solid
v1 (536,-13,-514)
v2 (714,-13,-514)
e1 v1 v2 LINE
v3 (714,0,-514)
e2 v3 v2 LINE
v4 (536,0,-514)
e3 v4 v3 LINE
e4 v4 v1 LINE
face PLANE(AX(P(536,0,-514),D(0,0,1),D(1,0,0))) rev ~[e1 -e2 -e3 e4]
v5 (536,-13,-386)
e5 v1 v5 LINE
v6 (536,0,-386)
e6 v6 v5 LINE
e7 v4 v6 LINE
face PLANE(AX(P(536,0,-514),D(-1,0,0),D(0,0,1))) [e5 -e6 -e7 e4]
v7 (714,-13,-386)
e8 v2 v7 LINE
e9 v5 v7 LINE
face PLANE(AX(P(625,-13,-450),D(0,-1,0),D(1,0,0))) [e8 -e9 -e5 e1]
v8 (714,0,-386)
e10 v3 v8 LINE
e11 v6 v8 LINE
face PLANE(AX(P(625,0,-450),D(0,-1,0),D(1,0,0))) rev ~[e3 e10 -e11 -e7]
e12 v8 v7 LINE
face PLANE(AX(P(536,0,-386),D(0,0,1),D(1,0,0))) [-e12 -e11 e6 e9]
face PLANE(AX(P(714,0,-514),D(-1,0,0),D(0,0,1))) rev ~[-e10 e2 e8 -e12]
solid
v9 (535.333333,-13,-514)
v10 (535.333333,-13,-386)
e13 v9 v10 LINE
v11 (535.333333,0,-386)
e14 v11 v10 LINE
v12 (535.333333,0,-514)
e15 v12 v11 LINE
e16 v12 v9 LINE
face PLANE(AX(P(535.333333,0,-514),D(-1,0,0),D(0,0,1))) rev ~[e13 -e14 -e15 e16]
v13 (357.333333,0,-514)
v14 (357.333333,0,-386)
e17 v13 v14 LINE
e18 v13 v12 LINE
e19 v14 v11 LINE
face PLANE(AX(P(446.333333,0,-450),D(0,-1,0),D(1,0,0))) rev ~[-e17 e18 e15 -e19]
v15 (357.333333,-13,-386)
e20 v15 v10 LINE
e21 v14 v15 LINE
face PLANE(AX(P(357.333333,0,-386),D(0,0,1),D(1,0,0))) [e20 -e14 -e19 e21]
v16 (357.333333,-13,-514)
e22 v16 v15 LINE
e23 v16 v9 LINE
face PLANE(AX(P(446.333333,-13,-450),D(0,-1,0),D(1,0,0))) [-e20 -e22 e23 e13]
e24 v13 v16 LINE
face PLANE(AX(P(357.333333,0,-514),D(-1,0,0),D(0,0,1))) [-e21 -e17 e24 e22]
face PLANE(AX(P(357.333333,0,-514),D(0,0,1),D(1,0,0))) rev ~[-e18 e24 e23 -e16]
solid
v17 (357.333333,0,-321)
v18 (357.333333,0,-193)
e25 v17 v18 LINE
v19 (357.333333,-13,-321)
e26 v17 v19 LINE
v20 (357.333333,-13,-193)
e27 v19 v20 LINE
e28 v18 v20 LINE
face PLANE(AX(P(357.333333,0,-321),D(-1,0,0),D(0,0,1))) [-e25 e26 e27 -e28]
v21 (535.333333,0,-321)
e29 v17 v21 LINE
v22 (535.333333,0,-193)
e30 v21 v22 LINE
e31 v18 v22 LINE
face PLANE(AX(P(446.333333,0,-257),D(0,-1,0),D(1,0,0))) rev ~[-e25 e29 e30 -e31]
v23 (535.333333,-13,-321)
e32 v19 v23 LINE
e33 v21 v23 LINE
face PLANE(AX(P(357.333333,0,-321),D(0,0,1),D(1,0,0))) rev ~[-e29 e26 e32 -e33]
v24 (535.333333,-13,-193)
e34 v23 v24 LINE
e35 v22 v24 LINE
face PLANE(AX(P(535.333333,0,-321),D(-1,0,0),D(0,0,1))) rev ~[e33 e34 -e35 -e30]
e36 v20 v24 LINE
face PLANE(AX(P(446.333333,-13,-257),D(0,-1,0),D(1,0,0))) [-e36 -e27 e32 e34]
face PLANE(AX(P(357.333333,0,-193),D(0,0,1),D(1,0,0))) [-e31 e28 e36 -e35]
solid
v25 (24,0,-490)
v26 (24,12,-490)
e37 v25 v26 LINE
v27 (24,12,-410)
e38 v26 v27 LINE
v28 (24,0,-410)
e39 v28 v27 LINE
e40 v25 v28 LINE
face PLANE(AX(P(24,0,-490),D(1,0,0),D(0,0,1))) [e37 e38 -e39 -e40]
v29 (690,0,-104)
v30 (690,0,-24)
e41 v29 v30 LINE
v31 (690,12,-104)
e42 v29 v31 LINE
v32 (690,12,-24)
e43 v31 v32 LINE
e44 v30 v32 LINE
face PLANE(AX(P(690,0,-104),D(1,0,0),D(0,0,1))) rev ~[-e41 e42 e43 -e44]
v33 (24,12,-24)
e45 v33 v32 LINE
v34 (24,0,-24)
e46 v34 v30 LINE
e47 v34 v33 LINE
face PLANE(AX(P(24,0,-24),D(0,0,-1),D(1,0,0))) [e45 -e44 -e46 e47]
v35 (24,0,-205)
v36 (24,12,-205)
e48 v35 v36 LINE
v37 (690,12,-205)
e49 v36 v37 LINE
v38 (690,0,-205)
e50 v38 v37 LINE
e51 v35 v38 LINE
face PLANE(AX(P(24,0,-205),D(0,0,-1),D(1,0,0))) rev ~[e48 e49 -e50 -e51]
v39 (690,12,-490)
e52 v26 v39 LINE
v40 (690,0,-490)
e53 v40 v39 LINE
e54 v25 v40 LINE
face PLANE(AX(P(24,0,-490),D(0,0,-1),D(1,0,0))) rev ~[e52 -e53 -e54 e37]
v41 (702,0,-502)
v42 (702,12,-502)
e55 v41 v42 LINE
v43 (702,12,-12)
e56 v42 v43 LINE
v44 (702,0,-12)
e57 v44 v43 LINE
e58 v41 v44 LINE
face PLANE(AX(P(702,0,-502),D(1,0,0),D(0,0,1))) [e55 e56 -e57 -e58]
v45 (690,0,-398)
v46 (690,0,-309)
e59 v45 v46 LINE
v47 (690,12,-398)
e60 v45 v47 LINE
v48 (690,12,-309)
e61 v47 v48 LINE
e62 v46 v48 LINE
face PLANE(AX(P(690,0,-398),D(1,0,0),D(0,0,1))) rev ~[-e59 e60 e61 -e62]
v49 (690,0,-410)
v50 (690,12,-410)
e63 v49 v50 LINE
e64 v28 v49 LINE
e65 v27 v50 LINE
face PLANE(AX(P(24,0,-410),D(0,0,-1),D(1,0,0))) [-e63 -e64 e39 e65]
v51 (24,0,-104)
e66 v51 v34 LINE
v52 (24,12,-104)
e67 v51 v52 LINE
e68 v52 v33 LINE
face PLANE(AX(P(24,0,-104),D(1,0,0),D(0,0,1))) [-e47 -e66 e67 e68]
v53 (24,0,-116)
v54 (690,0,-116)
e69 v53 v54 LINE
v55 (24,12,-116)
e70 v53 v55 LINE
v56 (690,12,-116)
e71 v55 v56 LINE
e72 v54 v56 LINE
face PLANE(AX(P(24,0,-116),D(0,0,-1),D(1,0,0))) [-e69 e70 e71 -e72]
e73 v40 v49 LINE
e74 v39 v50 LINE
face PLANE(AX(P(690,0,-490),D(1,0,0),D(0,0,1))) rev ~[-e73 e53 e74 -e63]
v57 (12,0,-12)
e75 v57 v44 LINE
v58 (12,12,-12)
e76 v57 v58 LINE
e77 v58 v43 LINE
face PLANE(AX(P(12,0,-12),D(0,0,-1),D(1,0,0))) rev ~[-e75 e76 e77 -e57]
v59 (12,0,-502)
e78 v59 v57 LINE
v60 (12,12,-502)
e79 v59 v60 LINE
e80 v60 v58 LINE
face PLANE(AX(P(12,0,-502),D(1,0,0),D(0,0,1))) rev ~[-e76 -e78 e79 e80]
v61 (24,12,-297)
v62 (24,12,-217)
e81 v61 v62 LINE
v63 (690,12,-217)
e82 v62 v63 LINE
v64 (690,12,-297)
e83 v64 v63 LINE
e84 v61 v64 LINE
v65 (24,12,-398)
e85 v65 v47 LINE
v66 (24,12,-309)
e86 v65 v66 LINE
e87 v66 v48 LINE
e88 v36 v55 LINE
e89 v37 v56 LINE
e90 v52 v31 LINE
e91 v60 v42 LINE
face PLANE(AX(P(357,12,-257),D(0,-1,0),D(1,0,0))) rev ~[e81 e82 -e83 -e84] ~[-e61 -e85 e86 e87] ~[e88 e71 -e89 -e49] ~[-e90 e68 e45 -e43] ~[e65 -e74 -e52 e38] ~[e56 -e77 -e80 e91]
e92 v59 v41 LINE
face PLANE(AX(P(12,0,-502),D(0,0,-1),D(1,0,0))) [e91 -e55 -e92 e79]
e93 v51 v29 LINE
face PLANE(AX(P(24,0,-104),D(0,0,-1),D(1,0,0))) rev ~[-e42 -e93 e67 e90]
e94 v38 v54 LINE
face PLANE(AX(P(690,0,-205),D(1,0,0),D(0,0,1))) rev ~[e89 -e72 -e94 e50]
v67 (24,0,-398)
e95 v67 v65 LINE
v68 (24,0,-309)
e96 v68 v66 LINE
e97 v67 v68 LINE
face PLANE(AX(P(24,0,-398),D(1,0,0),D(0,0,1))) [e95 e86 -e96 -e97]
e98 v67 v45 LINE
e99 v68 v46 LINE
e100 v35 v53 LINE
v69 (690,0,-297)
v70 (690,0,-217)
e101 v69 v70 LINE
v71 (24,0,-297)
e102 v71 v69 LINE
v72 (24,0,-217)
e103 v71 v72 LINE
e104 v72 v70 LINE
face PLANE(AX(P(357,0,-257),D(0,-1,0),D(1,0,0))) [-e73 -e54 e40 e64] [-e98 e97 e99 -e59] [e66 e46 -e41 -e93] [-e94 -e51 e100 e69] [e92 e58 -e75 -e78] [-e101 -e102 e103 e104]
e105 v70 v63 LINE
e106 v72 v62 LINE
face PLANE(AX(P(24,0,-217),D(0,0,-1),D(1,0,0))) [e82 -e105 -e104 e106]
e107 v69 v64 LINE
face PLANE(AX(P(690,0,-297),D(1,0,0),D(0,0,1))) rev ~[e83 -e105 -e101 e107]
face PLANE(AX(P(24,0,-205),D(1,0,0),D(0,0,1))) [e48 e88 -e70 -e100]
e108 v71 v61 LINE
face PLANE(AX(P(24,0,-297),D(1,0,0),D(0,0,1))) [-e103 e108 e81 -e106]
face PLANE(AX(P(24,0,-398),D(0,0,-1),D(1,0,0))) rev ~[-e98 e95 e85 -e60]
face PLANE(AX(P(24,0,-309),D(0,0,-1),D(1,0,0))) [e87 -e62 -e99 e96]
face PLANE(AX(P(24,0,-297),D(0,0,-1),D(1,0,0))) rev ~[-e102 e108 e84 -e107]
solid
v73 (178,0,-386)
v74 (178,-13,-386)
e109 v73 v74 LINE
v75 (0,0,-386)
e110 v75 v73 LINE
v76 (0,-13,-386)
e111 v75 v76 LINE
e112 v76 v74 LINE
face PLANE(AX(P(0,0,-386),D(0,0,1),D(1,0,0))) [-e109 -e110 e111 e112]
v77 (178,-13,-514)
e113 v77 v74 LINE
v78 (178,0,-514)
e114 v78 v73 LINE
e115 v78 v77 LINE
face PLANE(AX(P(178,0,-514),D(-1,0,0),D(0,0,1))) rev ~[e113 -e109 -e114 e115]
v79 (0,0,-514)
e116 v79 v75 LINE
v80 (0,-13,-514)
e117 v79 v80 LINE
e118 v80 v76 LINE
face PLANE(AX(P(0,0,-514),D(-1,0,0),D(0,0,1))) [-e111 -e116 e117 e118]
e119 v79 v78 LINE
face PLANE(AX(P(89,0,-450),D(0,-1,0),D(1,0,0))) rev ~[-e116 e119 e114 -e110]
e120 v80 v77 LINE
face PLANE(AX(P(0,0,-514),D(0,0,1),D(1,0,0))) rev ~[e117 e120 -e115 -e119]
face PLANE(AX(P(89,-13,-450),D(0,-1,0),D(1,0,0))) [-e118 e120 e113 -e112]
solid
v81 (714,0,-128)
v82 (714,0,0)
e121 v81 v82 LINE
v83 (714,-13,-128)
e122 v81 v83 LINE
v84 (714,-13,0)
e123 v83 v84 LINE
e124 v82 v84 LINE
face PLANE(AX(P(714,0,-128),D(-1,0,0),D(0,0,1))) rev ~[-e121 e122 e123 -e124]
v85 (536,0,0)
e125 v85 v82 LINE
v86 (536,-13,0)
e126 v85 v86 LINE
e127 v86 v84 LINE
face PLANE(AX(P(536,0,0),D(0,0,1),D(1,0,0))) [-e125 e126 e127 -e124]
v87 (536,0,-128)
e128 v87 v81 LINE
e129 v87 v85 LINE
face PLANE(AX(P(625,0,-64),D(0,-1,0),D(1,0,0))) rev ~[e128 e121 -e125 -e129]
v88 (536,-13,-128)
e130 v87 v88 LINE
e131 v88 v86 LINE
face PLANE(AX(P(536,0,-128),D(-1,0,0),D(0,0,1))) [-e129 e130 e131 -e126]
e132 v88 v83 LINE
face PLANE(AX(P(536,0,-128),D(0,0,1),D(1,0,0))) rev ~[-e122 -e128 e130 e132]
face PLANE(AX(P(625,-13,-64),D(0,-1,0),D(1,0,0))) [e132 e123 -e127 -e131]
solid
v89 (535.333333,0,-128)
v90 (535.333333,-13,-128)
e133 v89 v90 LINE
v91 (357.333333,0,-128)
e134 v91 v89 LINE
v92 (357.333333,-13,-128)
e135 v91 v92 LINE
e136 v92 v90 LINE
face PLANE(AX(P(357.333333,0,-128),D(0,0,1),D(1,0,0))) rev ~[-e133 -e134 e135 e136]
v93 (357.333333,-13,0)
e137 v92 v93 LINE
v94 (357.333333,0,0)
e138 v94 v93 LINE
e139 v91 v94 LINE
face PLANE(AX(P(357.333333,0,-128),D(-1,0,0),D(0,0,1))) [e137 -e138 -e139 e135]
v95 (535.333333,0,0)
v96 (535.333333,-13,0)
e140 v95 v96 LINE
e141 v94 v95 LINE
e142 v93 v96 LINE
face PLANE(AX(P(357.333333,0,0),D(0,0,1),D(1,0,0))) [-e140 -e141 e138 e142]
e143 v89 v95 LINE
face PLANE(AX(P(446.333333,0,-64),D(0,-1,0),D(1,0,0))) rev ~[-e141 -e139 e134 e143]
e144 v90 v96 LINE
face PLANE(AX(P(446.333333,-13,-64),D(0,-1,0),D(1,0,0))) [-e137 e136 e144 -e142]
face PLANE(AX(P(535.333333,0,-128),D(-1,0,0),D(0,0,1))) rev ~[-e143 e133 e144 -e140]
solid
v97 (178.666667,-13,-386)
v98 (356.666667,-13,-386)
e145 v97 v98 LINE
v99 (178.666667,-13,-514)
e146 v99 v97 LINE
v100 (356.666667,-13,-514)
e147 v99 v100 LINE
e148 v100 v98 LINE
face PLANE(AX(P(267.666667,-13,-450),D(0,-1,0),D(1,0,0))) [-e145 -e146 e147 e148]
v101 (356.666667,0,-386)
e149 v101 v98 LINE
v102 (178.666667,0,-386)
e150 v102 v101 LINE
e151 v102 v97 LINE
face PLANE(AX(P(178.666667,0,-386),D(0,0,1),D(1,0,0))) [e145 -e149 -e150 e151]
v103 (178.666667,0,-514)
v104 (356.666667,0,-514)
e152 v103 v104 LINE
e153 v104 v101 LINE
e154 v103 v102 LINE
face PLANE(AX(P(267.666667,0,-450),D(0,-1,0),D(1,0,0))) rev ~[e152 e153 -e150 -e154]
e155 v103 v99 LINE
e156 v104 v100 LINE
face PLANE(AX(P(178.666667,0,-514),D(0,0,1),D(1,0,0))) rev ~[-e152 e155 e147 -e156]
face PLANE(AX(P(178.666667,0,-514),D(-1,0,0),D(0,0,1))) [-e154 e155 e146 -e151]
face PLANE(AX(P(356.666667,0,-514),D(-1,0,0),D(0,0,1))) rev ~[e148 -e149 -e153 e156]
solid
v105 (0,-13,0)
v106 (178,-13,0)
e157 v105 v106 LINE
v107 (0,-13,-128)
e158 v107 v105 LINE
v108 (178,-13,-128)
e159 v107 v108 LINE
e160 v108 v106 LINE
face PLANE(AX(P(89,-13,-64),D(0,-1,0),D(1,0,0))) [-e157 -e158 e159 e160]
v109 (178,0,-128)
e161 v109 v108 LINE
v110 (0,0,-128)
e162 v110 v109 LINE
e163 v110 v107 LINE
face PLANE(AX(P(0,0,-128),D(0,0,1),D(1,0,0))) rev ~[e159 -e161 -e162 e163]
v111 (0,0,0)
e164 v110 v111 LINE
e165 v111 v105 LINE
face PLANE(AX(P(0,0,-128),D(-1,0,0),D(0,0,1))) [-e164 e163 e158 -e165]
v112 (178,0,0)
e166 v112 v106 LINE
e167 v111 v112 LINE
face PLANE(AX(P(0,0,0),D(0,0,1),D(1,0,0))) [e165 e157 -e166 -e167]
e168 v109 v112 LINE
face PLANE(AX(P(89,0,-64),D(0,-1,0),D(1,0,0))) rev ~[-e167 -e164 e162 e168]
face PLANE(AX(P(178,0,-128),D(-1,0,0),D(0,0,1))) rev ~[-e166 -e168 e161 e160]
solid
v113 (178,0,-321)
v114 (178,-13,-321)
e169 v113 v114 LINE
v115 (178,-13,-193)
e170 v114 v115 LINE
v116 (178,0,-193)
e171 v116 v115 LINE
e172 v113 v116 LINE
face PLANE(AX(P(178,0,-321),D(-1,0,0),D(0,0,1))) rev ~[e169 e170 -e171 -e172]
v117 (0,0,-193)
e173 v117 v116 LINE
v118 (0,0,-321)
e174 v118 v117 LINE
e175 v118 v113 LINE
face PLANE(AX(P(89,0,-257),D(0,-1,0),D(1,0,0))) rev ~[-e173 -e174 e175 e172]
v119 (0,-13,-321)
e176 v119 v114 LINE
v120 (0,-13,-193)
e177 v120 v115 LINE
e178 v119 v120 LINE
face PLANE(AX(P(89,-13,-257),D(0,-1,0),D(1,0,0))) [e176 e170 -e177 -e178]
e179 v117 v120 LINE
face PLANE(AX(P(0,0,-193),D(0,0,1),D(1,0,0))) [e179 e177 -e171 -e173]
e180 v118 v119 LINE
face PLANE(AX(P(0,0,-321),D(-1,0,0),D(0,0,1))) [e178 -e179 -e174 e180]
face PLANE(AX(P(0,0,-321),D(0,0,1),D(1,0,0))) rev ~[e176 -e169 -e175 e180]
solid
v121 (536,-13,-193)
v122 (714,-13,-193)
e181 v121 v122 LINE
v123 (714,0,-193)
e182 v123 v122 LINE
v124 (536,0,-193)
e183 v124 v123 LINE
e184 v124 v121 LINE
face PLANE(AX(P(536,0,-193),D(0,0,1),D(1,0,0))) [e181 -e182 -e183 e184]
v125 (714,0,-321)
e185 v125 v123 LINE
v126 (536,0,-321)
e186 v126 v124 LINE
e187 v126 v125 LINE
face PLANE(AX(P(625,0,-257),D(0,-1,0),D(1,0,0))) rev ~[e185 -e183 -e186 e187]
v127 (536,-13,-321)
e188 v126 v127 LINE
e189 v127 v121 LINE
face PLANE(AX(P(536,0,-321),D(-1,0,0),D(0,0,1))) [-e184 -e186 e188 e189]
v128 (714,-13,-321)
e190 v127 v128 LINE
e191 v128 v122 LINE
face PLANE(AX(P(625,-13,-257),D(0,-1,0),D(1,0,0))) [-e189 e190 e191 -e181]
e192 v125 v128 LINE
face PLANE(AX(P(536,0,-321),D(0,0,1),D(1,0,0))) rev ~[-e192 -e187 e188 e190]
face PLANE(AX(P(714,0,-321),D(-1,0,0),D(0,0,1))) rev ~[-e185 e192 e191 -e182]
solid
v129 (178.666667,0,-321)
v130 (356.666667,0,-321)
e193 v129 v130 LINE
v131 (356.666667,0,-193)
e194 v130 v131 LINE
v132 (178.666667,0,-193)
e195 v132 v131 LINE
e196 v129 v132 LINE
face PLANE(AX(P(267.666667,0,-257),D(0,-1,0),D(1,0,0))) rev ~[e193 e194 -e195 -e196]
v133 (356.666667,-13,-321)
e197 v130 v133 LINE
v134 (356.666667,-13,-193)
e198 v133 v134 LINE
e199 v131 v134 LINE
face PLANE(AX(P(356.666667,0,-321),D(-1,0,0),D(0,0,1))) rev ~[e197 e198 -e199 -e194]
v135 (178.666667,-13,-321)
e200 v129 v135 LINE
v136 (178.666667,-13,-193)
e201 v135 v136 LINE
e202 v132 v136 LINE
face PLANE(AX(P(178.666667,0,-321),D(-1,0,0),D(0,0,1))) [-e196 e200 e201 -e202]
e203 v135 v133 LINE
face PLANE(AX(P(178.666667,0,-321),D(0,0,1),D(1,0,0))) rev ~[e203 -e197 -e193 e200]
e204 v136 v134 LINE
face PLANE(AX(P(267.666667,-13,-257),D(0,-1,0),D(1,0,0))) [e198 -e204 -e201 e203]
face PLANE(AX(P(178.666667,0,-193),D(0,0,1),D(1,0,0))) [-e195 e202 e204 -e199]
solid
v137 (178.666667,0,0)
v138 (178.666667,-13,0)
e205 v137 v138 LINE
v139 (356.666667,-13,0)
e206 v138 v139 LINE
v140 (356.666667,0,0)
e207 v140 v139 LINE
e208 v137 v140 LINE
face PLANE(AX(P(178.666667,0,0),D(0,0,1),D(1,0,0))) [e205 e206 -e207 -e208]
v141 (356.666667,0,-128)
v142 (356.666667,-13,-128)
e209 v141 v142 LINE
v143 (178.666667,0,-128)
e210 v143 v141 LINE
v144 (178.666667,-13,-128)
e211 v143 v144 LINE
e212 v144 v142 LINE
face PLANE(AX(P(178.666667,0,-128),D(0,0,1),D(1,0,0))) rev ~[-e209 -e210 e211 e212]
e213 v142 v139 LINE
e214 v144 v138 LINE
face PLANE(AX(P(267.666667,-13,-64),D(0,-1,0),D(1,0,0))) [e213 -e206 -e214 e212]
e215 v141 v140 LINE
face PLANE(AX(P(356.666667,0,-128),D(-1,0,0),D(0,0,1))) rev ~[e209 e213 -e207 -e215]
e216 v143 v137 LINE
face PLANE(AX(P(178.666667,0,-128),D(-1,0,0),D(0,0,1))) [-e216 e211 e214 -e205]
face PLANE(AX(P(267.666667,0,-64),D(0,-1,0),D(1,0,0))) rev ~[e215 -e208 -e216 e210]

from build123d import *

# Parameters (mm, degrees)
F0_W     = 690
F0_H     = 490
F0_W_2   = 666
F0_H_2   = 80
F0_H_3   = 89
F1_DEPTH = 12
F2_W     = 178
F2_H     = 128
F3_DEPTH = 13


with BuildPart() as f1:
    # F0 (on Front) → F1 (new body)
    with BuildSketch(Plane.XZ):
        with Locations((357, -257)):
            Rectangle(F0_W, F0_H)
        with Locations((357, -450)):
            Rectangle(F0_W_2, F0_H_2, mode=Mode.SUBTRACT)
        with Locations((357, -353.5)):
            Rectangle(F0_W_2, F0_H_3, mode=Mode.SUBTRACT)
        with Locations((357, -257)):
            Rectangle(F0_W_2, F0_H_2, mode=Mode.SUBTRACT)
        with Locations((357, -160.5)):
            Rectangle(F0_W_2, F0_H_3, mode=Mode.SUBTRACT)
        with Locations((357, -64)):
            Rectangle(F0_W_2, F0_H_2, mode=Mode.SUBTRACT)
    extrude(amount=-F1_DEPTH)


with BuildPart() as f3:
    # F2 (on Front) → F3 (new body)
    with BuildSketch(Plane.XZ):
        with Locations((89, -64)):
            Rectangle(F2_W, F2_H)
        with Locations((267.666667, -64)):
            Rectangle(F2_W, F2_H)
        with Locations((446.333333, -64)):
            Rectangle(F2_W, F2_H)
        with Locations((625, -64)):
            Rectangle(F2_W, F2_H)
        with Locations((89, -257)):
            Rectangle(F2_W, F2_H)
        with Locations((267.666667, -257)):
            Rectangle(F2_W, F2_H)
        with Locations((446.333333, -257)):
            Rectangle(F2_W, F2_H)
        with Locations((625, -257)):
            Rectangle(F2_W, F2_H)
        with Locations((89, -450)):
            Rectangle(F2_W, F2_H)
        with Locations((267.666667, -450)):
            Rectangle(F2_W, F2_H)
        with Locations((446.333333, -450)):
            Rectangle(F2_W, F2_H)
        with Locations((625, -450)):
            Rectangle(F2_W, F2_H)
    extrude(amount=F3_DEPTH)


solid = Compound([f1.part, f3.part])
